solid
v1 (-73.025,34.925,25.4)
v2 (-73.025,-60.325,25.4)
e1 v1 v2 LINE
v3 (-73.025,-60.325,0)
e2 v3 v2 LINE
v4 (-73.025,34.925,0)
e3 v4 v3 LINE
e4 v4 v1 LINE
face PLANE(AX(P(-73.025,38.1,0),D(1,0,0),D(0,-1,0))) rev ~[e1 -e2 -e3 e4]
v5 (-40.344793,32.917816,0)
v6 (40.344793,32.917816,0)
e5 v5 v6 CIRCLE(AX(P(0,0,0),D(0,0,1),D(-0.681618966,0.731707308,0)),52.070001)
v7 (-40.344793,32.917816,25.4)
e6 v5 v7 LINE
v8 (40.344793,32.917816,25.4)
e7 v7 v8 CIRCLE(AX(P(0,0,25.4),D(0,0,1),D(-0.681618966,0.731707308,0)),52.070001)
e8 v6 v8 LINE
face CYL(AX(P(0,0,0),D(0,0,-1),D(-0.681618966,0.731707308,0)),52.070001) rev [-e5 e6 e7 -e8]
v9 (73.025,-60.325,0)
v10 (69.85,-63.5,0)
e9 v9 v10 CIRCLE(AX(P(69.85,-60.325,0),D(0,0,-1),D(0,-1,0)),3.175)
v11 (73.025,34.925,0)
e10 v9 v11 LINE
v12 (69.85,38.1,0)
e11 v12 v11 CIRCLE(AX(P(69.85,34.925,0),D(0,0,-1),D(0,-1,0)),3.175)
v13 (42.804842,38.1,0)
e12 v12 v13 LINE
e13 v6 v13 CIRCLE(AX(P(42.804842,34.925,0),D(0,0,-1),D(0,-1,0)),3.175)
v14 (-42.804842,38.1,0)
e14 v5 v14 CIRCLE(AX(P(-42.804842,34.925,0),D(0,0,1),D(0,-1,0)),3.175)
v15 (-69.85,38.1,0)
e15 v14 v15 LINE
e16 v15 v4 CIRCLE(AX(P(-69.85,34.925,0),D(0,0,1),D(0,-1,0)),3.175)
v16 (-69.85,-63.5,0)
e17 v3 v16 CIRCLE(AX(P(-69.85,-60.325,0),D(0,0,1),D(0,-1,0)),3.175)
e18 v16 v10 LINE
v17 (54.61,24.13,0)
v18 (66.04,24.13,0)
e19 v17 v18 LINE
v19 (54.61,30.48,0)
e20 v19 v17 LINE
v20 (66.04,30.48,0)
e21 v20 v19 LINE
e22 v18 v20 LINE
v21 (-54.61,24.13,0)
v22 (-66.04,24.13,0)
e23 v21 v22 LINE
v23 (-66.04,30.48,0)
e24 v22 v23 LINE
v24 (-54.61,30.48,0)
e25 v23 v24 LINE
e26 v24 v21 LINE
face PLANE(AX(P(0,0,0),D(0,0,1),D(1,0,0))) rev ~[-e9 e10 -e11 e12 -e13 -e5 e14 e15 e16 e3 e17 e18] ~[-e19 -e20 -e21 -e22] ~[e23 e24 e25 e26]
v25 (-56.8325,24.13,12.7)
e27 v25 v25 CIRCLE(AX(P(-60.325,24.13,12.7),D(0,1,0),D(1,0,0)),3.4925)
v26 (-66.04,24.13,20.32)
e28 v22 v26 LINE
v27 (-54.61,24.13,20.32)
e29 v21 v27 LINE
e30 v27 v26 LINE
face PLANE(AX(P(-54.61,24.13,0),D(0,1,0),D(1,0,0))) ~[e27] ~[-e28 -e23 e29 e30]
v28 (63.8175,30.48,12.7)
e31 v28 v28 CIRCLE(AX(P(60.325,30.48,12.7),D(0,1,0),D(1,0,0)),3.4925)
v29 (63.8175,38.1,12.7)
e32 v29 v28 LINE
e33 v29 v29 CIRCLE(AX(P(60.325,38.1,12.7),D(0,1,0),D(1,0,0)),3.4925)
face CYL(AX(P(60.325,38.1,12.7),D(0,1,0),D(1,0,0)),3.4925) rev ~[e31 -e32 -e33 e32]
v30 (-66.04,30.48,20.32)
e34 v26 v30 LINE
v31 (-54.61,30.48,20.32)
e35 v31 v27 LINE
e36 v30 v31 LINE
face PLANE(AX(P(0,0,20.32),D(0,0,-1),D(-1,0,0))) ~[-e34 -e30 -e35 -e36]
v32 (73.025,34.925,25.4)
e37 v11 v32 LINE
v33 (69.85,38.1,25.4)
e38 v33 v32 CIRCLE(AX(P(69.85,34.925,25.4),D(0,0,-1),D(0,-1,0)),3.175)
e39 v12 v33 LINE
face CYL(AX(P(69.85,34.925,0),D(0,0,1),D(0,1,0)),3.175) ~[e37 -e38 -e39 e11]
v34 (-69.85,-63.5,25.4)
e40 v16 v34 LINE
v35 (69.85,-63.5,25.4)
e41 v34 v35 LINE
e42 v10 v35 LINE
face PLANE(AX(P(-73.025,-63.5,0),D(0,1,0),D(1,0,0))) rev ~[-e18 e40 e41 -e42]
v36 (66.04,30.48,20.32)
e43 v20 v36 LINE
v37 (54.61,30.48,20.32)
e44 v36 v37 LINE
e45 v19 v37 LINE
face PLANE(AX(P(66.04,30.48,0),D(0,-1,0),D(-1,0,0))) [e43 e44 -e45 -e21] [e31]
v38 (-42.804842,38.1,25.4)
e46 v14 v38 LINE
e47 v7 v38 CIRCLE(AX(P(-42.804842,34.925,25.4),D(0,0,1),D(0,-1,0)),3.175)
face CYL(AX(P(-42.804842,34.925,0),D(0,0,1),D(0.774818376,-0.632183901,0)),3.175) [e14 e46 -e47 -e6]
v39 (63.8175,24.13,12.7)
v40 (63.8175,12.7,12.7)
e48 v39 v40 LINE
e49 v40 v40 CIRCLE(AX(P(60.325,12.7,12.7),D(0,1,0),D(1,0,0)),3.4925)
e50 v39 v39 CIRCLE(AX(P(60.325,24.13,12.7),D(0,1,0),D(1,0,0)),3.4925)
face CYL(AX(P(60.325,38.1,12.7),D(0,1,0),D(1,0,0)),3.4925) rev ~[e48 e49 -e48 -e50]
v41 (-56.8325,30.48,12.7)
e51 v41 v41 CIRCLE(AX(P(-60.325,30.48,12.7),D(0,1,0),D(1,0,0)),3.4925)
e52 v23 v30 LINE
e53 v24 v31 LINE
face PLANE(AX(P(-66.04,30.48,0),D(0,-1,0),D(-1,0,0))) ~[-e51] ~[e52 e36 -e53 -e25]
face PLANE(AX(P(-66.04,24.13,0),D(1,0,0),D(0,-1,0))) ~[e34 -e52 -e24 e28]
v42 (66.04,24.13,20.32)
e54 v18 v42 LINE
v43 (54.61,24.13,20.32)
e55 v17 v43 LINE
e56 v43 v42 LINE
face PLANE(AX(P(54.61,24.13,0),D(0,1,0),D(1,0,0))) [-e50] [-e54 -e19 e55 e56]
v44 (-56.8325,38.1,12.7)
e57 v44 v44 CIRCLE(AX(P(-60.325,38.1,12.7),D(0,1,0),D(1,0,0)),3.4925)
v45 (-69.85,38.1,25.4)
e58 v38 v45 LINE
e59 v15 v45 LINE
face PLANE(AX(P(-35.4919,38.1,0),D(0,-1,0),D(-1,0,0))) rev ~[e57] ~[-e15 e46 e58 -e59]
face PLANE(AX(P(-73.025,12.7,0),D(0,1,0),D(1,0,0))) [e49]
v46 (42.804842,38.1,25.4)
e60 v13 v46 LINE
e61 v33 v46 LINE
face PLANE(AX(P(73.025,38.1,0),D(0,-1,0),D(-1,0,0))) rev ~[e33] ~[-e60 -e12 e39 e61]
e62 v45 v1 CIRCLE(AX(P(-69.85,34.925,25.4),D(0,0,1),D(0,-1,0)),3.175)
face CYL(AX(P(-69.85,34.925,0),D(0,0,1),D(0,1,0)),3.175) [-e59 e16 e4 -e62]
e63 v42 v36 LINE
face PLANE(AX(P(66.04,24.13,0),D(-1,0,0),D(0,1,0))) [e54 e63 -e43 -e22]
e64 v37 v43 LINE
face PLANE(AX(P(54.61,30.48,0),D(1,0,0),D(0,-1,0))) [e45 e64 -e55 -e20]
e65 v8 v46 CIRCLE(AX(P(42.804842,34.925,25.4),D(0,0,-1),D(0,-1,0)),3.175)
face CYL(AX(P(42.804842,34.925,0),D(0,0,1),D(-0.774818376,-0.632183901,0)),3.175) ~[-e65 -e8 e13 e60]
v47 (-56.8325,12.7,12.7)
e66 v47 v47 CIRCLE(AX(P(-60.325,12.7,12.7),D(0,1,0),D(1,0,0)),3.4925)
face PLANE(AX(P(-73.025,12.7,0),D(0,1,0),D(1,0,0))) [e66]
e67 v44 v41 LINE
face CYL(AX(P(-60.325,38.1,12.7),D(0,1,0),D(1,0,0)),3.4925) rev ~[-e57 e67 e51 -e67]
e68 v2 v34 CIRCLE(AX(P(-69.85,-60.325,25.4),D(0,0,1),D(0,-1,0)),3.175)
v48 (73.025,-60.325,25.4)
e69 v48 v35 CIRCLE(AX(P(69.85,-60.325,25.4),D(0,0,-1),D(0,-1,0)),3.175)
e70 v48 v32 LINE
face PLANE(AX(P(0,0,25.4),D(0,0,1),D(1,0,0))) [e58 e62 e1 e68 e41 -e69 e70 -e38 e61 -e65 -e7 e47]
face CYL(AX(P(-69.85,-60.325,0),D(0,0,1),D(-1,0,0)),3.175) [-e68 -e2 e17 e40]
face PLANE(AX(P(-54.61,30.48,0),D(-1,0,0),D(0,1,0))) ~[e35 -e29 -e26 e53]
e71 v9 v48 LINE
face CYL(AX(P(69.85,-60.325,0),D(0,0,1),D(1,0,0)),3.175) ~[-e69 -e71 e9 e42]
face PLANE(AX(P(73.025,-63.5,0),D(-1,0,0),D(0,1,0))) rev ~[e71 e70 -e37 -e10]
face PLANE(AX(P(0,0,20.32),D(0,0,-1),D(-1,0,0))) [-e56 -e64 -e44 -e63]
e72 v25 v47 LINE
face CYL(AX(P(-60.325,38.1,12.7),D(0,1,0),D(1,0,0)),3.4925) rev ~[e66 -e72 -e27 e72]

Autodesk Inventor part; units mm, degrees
ref_plane "YZ Plane" through (0, 0, 0) normal (1, 0, 0) x (0, 1, 0)
ref_plane "XZ Plane" through (0, 0, 0) normal (0, 1, 0) x (-1, 0, 0)
ref_plane "XY Plane" through (0, 0, 0) normal (0, 0, 1) x (1, 0, 0)
sketch "Sketch1" plane through (0, 0, 0) normal (0, 0, 1) x (1, 0, 0)
  arc A0 (-35.4919, 38.1) -> (35.4919, 38.1) centre (0, 0) ccw
  line L0 (-35.4919, 38.1) -> (-73.025, 38.1)
  line L1 (-73.025, 38.1) -> (-73.025, -63.5)
  line L2 (-73.025, -63.5) -> (73.025, -63.5)
  line L3 (73.025, -63.5) -> (73.025, 38.1)
  line L4 (73.025, 38.1) -> (35.4919, 38.1)
  dimension "d0" = 104.14
  dimension "d1" = 146.05
  dimension "d2" = 101.6
  dimension "d3" = 63.5
extrude "Extrusion1" add sketch "Sketch1" along normal blind 25.4
sketch "Sketch3" plane through (-73.025, 38.1, 0) normal (0, 1, 0) x (1, 0, 0)
  line L0 (0, 0) -> (37.5331, 0) construction
  line L1 (0, 0) -> (0, -25.4) construction
  line L2 (37.5331, -25.4) -> (0, -25.4) construction
  line L3 (37.5331, 0) -> (37.5331, -25.4) construction
  line L4 (108.5169, 0) -> (146.05, 0) construction
  line L5 (108.5169, 0) -> (108.5169, -25.4) construction
  line L6 (146.05, -25.4) -> (108.5169, -25.4) construction
  line L7 (146.05, 0) -> (146.05, -25.4) construction
  circle A0 centre (12.7, -12.7) radius 3.4925
  circle A1 centre (133.35, -12.7) radius 3.4925
  point P0 (73.025, 0)
  point P1 (0, -12.7)
  dimension "d6" = 6.985
  dimension "d7" = 6.985
  dimension "d8" = 12.7
  dimension "d9" = 12.7
extrude "Extrusion2" cut sketch "Sketch3" against normal blind 25.4
sketch "Sketch4" plane through (0, 0, 0) normal (0, 0, -1) x (-1, 0, 0)
  arc A0 (-35.4919, 38.1) -> (35.4919, 38.1) centre (0, 0) ccw construction
  line L0 (-35.4919, 38.1) -> (-73.025, 38.1) construction
  line L1 (-73.025, 38.1) -> (-73.025, -63.5) construction
  line L2 (-73.025, -63.5) -> (73.025, -63.5) construction
  line L3 (73.025, -63.5) -> (73.025, 38.1) construction
  line L4 (73.025, 38.1) -> (35.4919, 38.1) construction
  line L5 (-66.04, 30.48) -> (-54.61, 30.48)
  line L6 (-54.61, 30.48) -> (-54.61, 24.13)
  line L7 (-54.61, 24.13) -> (-66.04, 24.13)
  line L8 (-66.04, 24.13) -> (-66.04, 30.48)
  line L9 (-60.325, 30.48) -> (-60.325, 24.13) construction
  dimension "d12" = 11.43
  dimension "d13" = 12.7
  dimension "d14" = 7.62
  dimension "d15" = 6.35
extrude "Extrusion3" cut sketch "Sketch4" against normal blind 20.32
mirror "Mirror1" about plane through (0, 0, 0) normal (1, 0, 0) of "Extrusion3"
fillet "Fillet1" radius 3.175 6 edges at (-35.4919, 38.1, 12.7) (35.4919, 38.1, 12.7) (-73.025, 38.1, 12.7) (-73.025, -63.5, 12.7) (73.025, -63.5, 12.7) (73.025, 38.1, 12.7)
properties part number "Bottom" material "ABS Plastic"
